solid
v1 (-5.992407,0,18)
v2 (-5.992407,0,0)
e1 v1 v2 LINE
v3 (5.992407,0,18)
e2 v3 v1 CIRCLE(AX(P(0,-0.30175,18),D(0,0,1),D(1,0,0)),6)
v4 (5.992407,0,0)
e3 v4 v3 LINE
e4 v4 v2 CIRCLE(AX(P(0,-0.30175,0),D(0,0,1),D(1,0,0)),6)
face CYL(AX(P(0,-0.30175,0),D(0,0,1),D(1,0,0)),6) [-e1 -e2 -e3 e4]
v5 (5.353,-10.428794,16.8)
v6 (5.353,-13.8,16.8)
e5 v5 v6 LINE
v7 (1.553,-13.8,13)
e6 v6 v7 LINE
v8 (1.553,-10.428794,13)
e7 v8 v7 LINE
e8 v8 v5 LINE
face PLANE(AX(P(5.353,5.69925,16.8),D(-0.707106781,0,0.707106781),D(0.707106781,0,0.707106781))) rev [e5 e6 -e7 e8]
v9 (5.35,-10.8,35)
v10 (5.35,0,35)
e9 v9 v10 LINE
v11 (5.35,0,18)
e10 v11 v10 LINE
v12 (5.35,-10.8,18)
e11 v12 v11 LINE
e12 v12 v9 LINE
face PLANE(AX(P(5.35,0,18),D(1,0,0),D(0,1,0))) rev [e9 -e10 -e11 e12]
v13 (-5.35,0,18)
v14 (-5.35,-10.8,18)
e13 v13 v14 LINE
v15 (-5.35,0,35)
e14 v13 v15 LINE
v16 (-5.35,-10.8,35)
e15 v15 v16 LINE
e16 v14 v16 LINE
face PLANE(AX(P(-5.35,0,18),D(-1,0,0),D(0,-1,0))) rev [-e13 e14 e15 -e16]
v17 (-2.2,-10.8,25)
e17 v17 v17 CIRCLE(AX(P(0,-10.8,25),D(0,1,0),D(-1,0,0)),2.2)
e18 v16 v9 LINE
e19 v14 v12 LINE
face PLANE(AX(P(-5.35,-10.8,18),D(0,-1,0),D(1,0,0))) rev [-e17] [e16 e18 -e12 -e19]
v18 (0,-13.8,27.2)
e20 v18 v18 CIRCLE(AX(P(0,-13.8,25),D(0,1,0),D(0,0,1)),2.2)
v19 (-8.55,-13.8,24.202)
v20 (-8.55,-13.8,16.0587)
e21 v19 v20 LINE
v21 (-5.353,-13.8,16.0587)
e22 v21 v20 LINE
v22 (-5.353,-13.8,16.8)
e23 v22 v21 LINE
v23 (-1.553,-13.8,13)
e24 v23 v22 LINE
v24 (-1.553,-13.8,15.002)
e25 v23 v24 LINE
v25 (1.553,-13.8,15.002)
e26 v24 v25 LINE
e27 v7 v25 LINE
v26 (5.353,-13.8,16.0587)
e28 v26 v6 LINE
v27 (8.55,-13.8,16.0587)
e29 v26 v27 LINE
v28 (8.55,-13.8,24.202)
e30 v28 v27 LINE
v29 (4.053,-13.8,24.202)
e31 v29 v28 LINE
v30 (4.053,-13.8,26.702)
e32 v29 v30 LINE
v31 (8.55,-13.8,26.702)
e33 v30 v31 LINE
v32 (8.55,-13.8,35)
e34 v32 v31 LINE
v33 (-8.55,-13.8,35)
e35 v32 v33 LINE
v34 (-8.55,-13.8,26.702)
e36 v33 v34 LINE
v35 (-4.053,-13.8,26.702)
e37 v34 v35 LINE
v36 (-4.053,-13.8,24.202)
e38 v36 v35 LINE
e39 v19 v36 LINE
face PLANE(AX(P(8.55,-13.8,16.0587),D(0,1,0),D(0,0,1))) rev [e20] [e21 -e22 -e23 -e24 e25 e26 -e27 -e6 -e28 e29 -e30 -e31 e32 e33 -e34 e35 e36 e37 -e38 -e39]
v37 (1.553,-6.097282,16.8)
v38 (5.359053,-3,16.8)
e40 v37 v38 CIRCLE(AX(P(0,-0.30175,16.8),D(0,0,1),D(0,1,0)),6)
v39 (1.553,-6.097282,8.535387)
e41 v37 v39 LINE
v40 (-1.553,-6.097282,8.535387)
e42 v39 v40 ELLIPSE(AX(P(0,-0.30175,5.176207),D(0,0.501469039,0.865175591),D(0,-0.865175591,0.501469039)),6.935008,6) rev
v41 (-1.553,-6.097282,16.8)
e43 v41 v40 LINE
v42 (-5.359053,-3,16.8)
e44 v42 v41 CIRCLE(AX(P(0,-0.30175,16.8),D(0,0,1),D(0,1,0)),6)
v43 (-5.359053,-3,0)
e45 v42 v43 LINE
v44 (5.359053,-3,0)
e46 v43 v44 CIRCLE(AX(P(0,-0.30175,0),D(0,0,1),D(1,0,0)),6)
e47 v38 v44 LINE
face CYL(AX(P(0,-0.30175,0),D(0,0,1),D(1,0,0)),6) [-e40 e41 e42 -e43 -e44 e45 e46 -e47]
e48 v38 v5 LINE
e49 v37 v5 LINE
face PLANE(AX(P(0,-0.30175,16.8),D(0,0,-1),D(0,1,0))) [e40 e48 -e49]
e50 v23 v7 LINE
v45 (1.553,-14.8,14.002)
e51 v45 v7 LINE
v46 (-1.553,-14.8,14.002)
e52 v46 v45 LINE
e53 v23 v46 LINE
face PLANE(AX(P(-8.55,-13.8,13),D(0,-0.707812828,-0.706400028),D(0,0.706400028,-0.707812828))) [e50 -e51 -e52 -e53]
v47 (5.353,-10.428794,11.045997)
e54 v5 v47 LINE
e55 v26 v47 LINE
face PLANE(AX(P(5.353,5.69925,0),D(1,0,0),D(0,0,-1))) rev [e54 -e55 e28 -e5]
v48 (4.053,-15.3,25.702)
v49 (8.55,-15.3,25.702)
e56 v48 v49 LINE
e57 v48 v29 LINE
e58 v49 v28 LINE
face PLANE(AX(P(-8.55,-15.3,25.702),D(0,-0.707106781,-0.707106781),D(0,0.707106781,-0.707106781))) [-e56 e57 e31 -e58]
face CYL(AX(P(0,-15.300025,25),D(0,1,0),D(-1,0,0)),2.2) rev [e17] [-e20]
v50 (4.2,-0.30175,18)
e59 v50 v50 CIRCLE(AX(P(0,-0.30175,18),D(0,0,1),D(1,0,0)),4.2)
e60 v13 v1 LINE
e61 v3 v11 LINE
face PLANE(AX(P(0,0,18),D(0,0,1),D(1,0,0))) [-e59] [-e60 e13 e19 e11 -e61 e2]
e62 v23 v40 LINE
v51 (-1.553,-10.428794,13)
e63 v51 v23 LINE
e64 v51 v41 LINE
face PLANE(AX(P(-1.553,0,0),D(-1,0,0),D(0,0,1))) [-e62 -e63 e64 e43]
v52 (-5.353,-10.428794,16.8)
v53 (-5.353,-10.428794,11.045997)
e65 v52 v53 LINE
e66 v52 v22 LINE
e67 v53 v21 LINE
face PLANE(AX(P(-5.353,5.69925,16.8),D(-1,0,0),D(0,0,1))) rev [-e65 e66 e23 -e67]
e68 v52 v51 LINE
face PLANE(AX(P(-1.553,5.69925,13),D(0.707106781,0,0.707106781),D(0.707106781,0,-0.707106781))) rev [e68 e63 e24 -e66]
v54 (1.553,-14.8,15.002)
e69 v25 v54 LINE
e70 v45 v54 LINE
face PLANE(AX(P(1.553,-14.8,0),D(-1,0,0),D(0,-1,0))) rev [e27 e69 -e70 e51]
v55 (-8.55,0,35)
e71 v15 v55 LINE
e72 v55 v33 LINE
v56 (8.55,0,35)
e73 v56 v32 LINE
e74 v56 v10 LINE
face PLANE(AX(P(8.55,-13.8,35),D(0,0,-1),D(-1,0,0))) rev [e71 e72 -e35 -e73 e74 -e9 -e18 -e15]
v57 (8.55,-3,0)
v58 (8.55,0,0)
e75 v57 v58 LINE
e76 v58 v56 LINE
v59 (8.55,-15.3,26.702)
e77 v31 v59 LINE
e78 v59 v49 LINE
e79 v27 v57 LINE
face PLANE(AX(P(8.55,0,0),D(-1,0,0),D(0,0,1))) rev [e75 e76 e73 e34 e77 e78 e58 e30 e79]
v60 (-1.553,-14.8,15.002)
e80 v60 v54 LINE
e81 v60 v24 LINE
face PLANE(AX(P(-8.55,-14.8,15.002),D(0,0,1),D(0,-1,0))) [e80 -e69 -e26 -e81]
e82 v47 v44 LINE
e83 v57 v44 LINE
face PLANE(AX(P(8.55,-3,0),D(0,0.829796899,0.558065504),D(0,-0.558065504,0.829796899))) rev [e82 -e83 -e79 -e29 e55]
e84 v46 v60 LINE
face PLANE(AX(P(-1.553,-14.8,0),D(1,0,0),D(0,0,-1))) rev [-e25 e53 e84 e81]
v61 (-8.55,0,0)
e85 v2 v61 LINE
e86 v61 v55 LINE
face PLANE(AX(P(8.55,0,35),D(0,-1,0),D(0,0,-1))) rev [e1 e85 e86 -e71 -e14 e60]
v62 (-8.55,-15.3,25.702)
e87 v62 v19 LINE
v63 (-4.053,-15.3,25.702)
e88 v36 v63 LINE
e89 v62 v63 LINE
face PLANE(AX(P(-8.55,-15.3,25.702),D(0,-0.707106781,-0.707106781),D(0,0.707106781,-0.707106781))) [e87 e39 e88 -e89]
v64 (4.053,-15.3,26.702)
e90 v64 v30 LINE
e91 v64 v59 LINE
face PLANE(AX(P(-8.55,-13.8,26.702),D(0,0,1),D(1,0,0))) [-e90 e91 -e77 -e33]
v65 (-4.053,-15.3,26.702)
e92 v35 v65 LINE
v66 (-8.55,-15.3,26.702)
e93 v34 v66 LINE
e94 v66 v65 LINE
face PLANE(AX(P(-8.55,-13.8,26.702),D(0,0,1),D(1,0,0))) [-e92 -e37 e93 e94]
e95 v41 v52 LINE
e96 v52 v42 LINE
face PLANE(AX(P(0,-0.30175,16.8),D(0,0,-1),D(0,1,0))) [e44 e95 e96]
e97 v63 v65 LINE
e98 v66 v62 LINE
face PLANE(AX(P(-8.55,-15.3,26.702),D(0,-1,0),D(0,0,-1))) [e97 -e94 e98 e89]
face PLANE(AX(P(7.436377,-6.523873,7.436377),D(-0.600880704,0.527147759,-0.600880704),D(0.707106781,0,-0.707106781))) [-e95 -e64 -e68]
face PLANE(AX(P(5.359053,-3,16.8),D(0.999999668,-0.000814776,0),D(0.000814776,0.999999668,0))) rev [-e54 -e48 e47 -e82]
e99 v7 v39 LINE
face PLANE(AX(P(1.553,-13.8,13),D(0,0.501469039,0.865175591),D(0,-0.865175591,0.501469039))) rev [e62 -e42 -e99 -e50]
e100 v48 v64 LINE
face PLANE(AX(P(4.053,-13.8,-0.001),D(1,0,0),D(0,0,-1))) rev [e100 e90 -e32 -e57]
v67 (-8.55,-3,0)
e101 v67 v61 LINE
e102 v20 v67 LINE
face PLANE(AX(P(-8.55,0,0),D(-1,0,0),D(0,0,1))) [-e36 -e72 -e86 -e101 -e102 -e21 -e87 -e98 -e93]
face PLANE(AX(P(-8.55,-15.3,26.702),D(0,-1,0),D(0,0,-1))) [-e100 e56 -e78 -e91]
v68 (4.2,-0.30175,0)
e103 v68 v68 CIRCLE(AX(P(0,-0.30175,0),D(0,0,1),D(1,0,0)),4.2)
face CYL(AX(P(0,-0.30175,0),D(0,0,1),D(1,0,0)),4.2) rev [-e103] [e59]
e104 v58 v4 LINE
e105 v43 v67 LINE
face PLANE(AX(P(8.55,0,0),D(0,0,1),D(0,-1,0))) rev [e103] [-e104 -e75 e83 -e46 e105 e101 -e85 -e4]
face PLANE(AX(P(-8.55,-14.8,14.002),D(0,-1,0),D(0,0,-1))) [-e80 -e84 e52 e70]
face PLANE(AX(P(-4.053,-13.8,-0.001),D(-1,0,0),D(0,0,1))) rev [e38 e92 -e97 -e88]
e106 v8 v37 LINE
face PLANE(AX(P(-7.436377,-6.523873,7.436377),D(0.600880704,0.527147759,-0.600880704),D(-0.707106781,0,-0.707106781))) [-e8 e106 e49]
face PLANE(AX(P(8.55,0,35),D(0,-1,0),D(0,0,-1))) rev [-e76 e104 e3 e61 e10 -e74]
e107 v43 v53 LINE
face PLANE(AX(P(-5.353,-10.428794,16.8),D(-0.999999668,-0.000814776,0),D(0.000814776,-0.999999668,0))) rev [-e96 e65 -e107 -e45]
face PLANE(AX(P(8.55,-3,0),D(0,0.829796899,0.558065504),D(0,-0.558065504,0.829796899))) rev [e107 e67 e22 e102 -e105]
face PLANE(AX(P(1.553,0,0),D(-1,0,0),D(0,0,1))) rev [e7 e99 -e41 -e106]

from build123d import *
from build123d.topology import SkipClean

# Parameters (mm, degrees)
BOSS_EXTRUDE1_DEPTH     = 8.55
SKETCH2_W               = 10.7
SKETCH2_H               = 10.8
CUT_EXTRUDE1_DEPTH      = 17
SKETCH3_R               = 6
BOSS_EXTRUDE2_DEPTH     = 18
SKETCH4_R               = 4.2
CUT_EXTRUDE2_DEPTH      = 25.239275979
BOSS_EXTRUDE5_DEPTH     = 17.1
SKETCH7_R               = 2.2
CUT_EXTRUDE3_DEPTH      = 40.626944786
CUT_EXTRUDE4_REACH      = 33.94
SKETCH10_W              = 8.106
SKETCH10_H              = 1.5
SKETCH11_W              = 6.997
SKETCH11_H              = 1
CUT_EXTRUDE5_DEPTH      = 27.591587091
CUT_EXTRUDE6_REACH      = 42.967
CUT_EXTRUDE6_END_RADIUS = 6
CUT_EXTRUDE7_START      = -16.8
CUT_EXTRUDE7_DEPTH      = 16.8
BOSS_EXTRUDE6_DEPTH     = 1.553
BOSS_EXTRUDE7_REACH     = 36.128
CUT_EXTRUDE8_REACH      = 43.851
CUT_EXTRUDE9_REACH      = 43.851


with BuildPart() as part:
    # Sketch1 → Boss-Extrude1 (new, symmetric)
    with BuildSketch(Plane(origin=(0, 0, 0), x_dir=(0, 0, -1), z_dir=(1, 0, 0))):
        Polygon((0, 0), (0, -3), (-16.0587, -13.8), (-35, -13.8), (-35, 0), align=None)
    extrude(amount=BOSS_EXTRUDE1_DEPTH, both=True)

    # Sketch2 → Cut-Extrude1 (cut)
    with BuildSketch(Plane.XY.offset(35)):
        with Locations((0, -5.4)):
            Rectangle(SKETCH2_W, SKETCH2_H)
    extrude(amount=-CUT_EXTRUDE1_DEPTH, mode=Mode.SUBTRACT)

    # Sketch3 → Boss-Extrude2 (add, through all)
    with BuildSketch(Plane.XY.offset(18)):
        with Locations((0, -0.30175)):
            Circle(SKETCH3_R)
    extrude(amount=-BOSS_EXTRUDE2_DEPTH)

    # Sketch4 → Cut-Extrude2 (cut, through all)
    with BuildSketch(Plane.XY.offset(18)):
        with Locations((0, -0.30175)):
            Circle(SKETCH4_R)
    extrude(amount=-CUT_EXTRUDE2_DEPTH, mode=Mode.SUBTRACT)

    # Sketch8 → Boss-Extrude5 (add, through all)
    with BuildSketch(Plane(origin=(8.55, 0, 0), x_dir=(0, 0, -1), z_dir=(1, 0, 0))):
        Polygon((-26.702, -13.8), (-26.702, -15.3), (-25.702, -15.3), (-24.202, -13.8), align=None)
        Polygon((-16.0587, -13.8), (-15.002, -13.8), (-15.002, -14.8), (-14.002, -14.8), (-13, -13.8), (-11.045997115, -10.428793666), align=None)
    extrude(amount=-BOSS_EXTRUDE5_DEPTH)

    # Sketch7 → Cut-Extrude3 (cut, through all)
    with BuildSketch(Plane(origin=(0, -10.8, 0), x_dir=(1, 0, 0), z_dir=(0, 1, 0))):
        with Locations(Location((0, -25, 0), (0, 0, 180))):
            Circle(SKETCH7_R)
    extrude(amount=-CUT_EXTRUDE3_DEPTH, mode=Mode.SUBTRACT)

    # Cut-Extrude4: up to this plane
    cut_extrude4_end = Plane(origin=(-8.55, -15.3, 25.702), z_dir=(0, -0.7071067811865471, -0.707106781186548))
    # Sketch10 → Cut-Extrude4 (cut, up to the surface)
    with BuildSketch(Plane.XY.offset(26.702), mode=Mode.PRIVATE) as cut_extrude4_sk1:
        with Locations((0, -14.55)):
            Rectangle(SKETCH10_W, SKETCH10_H)
    cut_extrude4_tool1 = split(extrude(cut_extrude4_sk1.sketch, amount=-CUT_EXTRUDE4_REACH, mode=Mode.PRIVATE), bisect_by=cut_extrude4_end, keep=Keep.BOTH, mode=Mode.PRIVATE)
    add(cut_extrude4_tool1.solids().sort_by_distance((0, -14.55, 26.702))[0], mode=Mode.SUBTRACT)

    # Sketch11 → Cut-Extrude5 (cut, through all)
    with BuildSketch(Plane.XY.offset(15.002)):
        with Locations((-5.0515, -14.3)):
            Rectangle(SKETCH11_W, SKETCH11_H)
        with Locations((5.0515, -14.3)):
            Rectangle(SKETCH11_W, SKETCH11_H)
    extrude(amount=-CUT_EXTRUDE5_DEPTH, mode=Mode.SUBTRACT)

    # Cut-Extrude6: up to this cylinder (the profile starts outside it)
    cut_extrude6_end = Plane(origin=(0, -0.30175, 7.230062), z_dir=(0, 0, 1)) * Cylinder(CUT_EXTRUDE6_END_RADIUS, 98.934, mode=Mode.PRIVATE)
    # Sketch12 → Cut-Extrude6 (cut, up to the surface)
    with BuildSketch(Plane.XZ.offset(13.8), mode=Mode.PRIVATE) as cut_extrude6_sk1:
        Polygon((-1.553, 13), (-5.353, 16.8), (-5.353, 0), (5.353, 0), (5.353, 16.8), (1.553, 13), align=None)
    cut_extrude6_tool1 = extrude(cut_extrude6_sk1.sketch, amount=-CUT_EXTRUDE6_REACH, mode=Mode.PRIVATE) - cut_extrude6_end
    add(cut_extrude6_tool1.solids().sort_by_distance((0, -13.8, 7.230062))[0], mode=Mode.SUBTRACT)

    # Sketch13 → Cut-Extrude7 (cut)
    with SkipClean():  # the faces are left unmerged after this step: merging them gives an invalid solid
        with BuildSketch(Plane(origin=(0, 0, 0), x_dir=(-1, 0, 0), z_dir=(0, 0, -1)).offset(CUT_EXTRUDE7_START)):
            with BuildLine():
                Line((-5.359052802, -3), (-5.353, -10.428793666))
                Line((-5.353, -10.428793666), (5.353, -10.428793666))
                Line((5.353, -10.428793666), (5.359052802, -3))
                ThreePointArc((5.359052802, -3), (0, -6.30175), (-5.359052802, -3))
            make_face()
        extrude(amount=CUT_EXTRUDE7_DEPTH, mode=Mode.SUBTRACT)

    # Sketch14 → Boss-Extrude6 (add, symmetric)
    with SkipClean():  # the faces are left unmerged after this step: merging them gives an invalid solid
        with BuildSketch(Plane(origin=(0, 0, 0), x_dir=(0, 0, -1), z_dir=(1, 0, 0))):
            Polygon((-13, -13.8), (-8.073269662, -5.3), (-16.8, -5.3), (-16.8, -13.8), align=None)
        extrude(amount=BOSS_EXTRUDE6_DEPTH, both=True)

    # Sketch15 → Boss-Extrude7 (add, up to next)
    with BuildSketch(Plane(origin=(-7.436377386, -6.523873454, 7.436377386), x_dir=(-0.7993387140757535, 0.3962687040508023, -0.4516953999872244), z_dir=(0.6008807037838052, 0.5271477588310114, -0.6008807037838052)), mode=Mode.PRIVATE) as boss_extrude7_sk1:
        Polygon((-11.246017774, 0.733681451), (-11.246017774, 6.495798547), (-15.999947407, 3.239704803), align=None)
    boss_extrude7_tool1 = extrude(boss_extrude7_sk1.sketch, amount=-BOSS_EXTRUDE7_REACH, mode=Mode.PRIVATE) - part.part
    boss_extrude7 = boss_extrude7_tool1.solids().sort_by_distance((2.819667, -8.984956, 15.533333))[0]
    add(boss_extrude7)

    # Mirror1: Boss-Extrude7 across plane
    with SkipClean():  # the faces are left unmerged after this step: merging them gives an invalid solid
        add(boss_extrude7.mirror(Plane(origin=(0, 0, 0), x_dir=(0, 0, 1), z_dir=(1, 0, 0))))

    # Sketch16 → Cut-Extrude8 (cut, up to next)
    with BuildSketch(Plane(origin=(8.55, 0, 0), x_dir=(0, 0, -1), z_dir=(1, 0, 0)), mode=Mode.PRIVATE) as cut_extrude8_sk1:
        Polygon((-11.045997115, -10.428793666), (-16.0587, -13.8), (-13, -13.8), align=None)
    cut_extrude8_tool1 = extrude(cut_extrude8_sk1.sketch, amount=-CUT_EXTRUDE8_REACH, mode=Mode.PRIVATE) & part.part
    add(cut_extrude8_tool1.solids().sort_by_distance((8.55, -12.676265, 13.368232))[0], mode=Mode.SUBTRACT)

    # Sketch17 → Cut-Extrude9 (cut, up to next)
    with BuildSketch(Plane.ZY.offset(8.55), mode=Mode.PRIVATE) as cut_extrude9_sk1:
        Polygon((11.045997115, -10.428793666), (16.0587, -13.8), (13, -13.8), align=None)
    cut_extrude9_tool1 = extrude(cut_extrude9_sk1.sketch, amount=-CUT_EXTRUDE9_REACH, mode=Mode.PRIVATE) & part.part
    add(cut_extrude9_tool1.solids().sort_by_distance((-8.55, -12.676265, 13.368232))[0], mode=Mode.SUBTRACT)


solid = part.part
